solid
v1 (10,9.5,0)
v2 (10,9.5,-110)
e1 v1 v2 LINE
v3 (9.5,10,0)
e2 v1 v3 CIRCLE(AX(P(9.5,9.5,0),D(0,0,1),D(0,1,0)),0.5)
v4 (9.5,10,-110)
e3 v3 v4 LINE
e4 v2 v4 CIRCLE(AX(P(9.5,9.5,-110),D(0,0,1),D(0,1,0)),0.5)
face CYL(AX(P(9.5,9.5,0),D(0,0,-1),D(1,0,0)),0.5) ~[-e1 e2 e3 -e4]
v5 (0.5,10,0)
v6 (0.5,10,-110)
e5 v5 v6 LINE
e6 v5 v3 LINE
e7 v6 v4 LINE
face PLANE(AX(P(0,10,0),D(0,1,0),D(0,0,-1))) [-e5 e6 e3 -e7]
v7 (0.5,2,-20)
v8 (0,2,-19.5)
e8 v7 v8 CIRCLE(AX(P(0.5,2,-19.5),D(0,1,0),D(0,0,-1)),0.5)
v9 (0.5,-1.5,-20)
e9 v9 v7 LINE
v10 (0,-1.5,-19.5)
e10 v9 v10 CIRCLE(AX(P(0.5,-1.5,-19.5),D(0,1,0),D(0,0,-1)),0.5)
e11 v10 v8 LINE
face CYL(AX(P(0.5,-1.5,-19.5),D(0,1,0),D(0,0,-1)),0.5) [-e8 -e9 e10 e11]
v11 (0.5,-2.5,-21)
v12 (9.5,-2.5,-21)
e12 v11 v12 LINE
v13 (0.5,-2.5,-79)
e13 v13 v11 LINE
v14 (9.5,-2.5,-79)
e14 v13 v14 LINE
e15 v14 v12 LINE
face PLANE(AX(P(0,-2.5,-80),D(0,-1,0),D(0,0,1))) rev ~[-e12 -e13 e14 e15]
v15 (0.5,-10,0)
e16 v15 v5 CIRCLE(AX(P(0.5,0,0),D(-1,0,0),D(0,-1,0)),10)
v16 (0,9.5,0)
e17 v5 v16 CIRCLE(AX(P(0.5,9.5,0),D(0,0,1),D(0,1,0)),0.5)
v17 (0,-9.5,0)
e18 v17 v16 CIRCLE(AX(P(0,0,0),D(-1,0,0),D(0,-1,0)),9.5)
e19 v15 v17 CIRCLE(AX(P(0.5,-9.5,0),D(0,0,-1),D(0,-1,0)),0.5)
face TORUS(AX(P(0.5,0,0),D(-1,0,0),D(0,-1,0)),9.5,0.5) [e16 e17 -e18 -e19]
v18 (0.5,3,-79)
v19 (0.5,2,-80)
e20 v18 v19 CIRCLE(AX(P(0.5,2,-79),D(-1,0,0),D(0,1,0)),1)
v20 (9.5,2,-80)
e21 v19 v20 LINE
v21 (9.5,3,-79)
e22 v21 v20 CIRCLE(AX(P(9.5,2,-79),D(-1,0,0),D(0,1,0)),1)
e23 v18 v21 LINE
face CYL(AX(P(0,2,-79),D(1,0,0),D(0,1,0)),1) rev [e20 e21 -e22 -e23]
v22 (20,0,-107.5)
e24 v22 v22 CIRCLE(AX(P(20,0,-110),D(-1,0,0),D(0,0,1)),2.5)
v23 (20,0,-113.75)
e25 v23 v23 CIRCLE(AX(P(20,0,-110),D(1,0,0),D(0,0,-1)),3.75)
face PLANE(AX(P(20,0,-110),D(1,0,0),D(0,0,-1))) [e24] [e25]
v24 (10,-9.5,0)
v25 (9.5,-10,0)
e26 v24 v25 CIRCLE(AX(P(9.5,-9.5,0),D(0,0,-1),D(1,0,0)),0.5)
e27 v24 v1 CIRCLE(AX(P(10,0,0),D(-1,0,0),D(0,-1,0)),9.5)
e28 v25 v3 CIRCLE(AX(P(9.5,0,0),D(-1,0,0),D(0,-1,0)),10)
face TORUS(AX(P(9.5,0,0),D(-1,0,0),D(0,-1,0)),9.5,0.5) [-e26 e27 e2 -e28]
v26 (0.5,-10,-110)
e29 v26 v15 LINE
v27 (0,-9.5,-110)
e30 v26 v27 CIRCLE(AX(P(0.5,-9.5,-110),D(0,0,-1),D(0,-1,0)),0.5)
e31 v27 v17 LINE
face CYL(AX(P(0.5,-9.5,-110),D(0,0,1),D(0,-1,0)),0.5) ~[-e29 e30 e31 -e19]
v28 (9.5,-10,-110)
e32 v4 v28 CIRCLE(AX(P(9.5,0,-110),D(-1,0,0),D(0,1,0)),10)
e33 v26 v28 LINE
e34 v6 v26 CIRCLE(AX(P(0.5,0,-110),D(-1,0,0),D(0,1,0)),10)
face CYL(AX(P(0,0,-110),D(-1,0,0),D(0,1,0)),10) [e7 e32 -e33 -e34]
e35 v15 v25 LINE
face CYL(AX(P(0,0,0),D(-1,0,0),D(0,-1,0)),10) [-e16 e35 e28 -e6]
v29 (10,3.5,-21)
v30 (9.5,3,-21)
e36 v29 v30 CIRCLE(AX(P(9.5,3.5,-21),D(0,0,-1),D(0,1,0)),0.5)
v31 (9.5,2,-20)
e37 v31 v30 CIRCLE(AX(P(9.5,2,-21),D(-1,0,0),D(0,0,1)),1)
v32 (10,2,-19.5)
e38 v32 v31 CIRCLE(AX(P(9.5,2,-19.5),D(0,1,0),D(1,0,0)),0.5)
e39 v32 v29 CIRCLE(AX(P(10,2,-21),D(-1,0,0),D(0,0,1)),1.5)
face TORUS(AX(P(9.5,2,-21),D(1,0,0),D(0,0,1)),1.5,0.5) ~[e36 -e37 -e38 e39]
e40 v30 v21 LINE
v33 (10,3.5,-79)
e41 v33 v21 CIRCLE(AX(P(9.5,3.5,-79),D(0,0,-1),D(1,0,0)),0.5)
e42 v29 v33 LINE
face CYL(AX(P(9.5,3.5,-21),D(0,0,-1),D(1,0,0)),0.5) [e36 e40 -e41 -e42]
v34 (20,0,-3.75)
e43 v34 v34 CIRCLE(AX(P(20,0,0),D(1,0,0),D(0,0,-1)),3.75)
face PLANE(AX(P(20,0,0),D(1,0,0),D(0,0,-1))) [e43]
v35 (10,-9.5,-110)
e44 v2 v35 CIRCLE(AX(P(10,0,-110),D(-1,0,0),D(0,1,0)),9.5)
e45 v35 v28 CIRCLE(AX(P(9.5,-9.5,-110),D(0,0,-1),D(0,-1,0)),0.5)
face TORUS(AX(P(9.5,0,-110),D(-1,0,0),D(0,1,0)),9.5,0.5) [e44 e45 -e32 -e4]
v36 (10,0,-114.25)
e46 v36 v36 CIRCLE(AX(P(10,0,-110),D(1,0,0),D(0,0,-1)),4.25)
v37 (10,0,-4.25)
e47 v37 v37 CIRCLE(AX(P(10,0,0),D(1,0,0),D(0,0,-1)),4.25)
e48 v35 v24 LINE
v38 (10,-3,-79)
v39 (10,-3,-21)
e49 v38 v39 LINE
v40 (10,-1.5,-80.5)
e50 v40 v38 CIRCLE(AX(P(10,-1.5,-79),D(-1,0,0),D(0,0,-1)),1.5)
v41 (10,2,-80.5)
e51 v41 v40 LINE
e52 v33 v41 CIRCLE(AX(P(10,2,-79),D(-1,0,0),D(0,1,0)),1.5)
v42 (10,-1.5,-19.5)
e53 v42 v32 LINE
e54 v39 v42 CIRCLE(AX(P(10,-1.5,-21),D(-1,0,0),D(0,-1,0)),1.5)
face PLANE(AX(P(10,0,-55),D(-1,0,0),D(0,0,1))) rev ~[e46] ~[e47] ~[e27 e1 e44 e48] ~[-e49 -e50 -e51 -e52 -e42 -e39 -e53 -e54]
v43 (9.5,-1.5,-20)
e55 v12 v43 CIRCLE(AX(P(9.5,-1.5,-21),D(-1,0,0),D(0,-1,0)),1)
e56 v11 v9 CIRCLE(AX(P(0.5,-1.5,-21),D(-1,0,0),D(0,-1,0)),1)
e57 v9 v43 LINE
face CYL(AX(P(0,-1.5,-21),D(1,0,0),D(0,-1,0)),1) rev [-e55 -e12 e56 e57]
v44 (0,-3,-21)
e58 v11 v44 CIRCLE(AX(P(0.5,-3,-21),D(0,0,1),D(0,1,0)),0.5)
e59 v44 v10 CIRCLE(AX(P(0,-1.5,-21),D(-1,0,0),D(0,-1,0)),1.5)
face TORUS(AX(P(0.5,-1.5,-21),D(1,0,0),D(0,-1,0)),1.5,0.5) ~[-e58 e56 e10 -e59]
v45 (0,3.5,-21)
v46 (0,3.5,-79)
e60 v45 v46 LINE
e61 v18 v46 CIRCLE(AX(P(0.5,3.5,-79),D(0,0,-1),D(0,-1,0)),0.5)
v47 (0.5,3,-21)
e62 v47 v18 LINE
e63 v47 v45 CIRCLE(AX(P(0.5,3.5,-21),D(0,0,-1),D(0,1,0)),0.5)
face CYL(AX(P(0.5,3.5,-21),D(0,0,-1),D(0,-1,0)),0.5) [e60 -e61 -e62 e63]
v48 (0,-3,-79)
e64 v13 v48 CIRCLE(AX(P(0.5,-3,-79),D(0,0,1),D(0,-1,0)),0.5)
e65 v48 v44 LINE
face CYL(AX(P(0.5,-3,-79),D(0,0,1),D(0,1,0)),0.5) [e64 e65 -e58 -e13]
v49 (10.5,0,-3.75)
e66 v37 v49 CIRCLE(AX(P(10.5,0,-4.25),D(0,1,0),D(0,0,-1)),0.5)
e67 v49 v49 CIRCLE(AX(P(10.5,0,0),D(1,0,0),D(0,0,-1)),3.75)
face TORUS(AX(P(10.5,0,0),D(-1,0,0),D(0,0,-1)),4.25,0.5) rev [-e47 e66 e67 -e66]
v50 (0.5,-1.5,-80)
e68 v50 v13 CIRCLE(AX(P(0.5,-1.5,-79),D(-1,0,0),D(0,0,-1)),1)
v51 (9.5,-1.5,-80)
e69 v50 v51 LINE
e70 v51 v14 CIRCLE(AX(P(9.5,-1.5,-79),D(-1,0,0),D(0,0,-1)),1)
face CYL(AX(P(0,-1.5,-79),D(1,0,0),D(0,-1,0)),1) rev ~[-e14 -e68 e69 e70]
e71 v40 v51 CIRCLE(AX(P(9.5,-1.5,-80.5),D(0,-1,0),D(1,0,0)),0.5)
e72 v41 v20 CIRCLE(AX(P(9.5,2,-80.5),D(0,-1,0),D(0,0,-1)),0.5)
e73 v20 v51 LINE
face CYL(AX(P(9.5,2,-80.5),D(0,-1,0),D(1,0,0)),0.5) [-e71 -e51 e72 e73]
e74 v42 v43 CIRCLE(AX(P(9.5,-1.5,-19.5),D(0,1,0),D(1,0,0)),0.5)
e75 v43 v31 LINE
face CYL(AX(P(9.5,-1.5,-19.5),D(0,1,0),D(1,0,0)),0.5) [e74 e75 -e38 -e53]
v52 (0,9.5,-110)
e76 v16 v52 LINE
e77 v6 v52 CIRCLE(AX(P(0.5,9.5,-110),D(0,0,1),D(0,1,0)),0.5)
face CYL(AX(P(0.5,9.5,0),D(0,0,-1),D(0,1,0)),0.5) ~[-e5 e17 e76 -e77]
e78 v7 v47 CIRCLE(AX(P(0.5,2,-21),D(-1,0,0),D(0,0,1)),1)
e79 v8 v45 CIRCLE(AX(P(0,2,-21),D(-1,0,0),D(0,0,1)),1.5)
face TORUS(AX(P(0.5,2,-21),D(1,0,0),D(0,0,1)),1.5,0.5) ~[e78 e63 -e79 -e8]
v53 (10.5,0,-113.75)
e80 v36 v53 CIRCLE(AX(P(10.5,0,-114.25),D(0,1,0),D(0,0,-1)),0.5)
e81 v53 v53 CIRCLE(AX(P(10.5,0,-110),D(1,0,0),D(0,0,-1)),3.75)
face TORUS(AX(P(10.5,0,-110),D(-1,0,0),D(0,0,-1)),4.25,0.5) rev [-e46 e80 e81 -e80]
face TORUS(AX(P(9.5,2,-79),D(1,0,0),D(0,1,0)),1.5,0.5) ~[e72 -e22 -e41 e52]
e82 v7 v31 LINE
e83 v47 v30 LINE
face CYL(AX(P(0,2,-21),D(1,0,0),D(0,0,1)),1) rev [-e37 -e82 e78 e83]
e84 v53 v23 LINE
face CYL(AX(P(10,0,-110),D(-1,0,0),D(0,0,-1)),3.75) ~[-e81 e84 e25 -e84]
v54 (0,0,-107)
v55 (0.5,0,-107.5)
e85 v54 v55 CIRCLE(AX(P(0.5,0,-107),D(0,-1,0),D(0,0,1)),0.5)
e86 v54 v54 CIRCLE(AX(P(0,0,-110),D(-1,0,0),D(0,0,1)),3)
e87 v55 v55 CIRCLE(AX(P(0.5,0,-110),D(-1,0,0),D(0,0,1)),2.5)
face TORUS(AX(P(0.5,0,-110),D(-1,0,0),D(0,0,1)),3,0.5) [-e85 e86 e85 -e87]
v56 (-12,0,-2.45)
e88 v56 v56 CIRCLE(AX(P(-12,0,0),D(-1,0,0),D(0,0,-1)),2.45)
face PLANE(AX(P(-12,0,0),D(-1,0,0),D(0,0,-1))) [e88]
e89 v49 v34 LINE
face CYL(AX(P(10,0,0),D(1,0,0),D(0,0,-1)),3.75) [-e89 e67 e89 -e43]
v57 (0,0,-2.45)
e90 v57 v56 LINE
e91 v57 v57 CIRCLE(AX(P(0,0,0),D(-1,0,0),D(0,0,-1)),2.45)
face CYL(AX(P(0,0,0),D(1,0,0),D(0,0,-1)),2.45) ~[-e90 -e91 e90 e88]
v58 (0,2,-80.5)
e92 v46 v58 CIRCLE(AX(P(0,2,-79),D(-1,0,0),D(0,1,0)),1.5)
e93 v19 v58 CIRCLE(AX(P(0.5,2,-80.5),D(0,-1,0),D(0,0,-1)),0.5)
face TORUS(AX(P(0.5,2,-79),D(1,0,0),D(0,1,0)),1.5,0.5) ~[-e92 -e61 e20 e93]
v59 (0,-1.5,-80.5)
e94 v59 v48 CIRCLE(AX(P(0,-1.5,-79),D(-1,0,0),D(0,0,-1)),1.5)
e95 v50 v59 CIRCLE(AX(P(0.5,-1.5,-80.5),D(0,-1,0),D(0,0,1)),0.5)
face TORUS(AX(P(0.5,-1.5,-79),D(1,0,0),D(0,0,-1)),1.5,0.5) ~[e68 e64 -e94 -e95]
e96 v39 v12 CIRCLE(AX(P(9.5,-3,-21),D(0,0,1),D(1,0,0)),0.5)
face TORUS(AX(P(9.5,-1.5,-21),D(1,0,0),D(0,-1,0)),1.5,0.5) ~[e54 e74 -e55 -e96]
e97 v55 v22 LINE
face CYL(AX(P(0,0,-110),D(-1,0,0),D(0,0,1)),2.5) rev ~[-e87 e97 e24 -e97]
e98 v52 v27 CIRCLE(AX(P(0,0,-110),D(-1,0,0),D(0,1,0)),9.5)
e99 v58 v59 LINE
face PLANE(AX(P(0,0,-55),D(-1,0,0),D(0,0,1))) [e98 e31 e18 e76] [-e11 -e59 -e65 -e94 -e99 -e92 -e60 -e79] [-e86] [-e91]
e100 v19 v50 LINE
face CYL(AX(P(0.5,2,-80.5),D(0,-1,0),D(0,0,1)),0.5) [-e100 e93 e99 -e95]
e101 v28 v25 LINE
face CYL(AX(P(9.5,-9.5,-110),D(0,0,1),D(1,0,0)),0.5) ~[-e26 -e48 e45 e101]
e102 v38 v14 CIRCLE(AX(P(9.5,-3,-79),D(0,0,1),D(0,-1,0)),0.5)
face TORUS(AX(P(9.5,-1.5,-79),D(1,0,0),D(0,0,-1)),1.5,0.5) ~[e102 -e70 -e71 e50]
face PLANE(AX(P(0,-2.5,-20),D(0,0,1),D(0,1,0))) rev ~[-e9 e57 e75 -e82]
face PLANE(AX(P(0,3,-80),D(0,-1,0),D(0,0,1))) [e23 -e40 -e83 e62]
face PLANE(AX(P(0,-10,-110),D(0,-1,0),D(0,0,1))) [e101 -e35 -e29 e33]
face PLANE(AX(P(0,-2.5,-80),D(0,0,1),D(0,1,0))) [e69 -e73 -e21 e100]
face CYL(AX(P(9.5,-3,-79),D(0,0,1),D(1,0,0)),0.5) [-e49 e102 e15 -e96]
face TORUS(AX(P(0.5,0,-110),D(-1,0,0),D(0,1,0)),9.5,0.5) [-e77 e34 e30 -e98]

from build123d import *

# Parameters (mm, degrees)
SKETCH_1_R          = 3.75
EXTRUDE_1_DEPTH     = 10
SKETCH_2_R          = 3.75
EXTRUDE_2_DEPTH     = 10
SKETCH_3_R          = 2.5
CUT_EXTRUDE_1_DEPTH = 123.065556157
SKETCH_4_W          = 60
SKETCH_4_H          = 5.5
CUT_EXTRUDE_2_DEPTH = 10
FILLET_1_R          = 1
FILLET_2_R          = 0.5
SKETCH_5_R          = 2.45
EXTRUDE_3_DEPTH     = 12


with BuildPart() as part:
    # 草图1 → 凸台-拉伸1 (new body)
    with BuildSketch(Plane(origin=(0, 0, 0), x_dir=(0, 0, -1), z_dir=(1, 0, 0))):
        with BuildLine():
            Line((0, 10), (110, 10))
            ThreePointArc((110, 10), (120, 0), (110, -10))
            Line((110, -10), (0, -10))
            ThreePointArc((0, -10), (-10, 0), (0, 10))
        make_face()
        Circle(SKETCH_1_R, mode=Mode.SUBTRACT)
        with Locations((110, 0)):
            Circle(SKETCH_1_R, mode=Mode.SUBTRACT)
    extrude(amount=EXTRUDE_1_DEPTH)

    # 草图2 → 凸台-拉伸2 (add, symmetric)
    with BuildSketch(Plane(origin=(10, 0, 0), x_dir=(0, 0, -1), z_dir=(1, 0, 0))):
        with Locations((110, 0)):
            Circle(SKETCH_2_R)
        Circle(SKETCH_2_R)
    extrude(amount=EXTRUDE_2_DEPTH, both=True)

    # 草图3 → 切除-拉伸1 (cut, through all)
    with BuildSketch(Plane.ZY):
        with Locations((-110, 0)):
            Circle(SKETCH_3_R)
    extrude(amount=-CUT_EXTRUDE_1_DEPTH, mode=Mode.SUBTRACT)

    # 草图4 → 切除-拉伸2 (cut)
    with BuildSketch(Plane.ZY):
        with Locations((-50, 0.25)):
            Rectangle(SKETCH_4_W, SKETCH_4_H)
    extrude(amount=-CUT_EXTRUDE_2_DEPTH, mode=Mode.SUBTRACT)

    # 圆角1
    fillet_1_edges = [part.edges().sort_by_distance(p)[0] for p in [
        (5, -2.5, -80),
        (5, 3, -80),
        (5, 3, -20),
        (5, -2.5, -20),
    ]]
    fillet(fillet_1_edges, radius=FILLET_1_R)

    # 圆角2
    fillet_2_edges = [part.edges().sort_by_distance(p)[0] for p in [
        (10, 0, 3.75),
        (10, 0, -120),
        (10, 0, -106.25),
        (10, 10, -55),
        (0, 0, -112.5),
        (10, 0, 10),
        (0, 10, -55),
        (0, 0, -120),
        (0, 0.25, -20),
        (10, 0.25, -20),
        (0, -10, -55),
        (0, -2.5, -50),
        (10, -2.5, -50),
        (0, 3, -50),
        (0, 0, 10),
        (10, 3, -50),
        (0, 0.25, -80),
        (10, 0.25, -80),
        (0, -2.207106781, -20.292893219),
        (10, -2.207106781, -20.292893219),
        (0, 2.707106781, -20.292893219),
        (10, 2.707106781, -20.292893219),
        (0, 2.707106781, -79.707106781),
        (10, 2.707106781, -79.707106781),
        (0, -2.207106781, -79.707106781),
        (10, -2.207106781, -79.707106781),
        (10, -10, -55),
    ]]
    fillet(fillet_2_edges, radius=FILLET_2_R)

    # 草图5 → 凸台-拉伸3 (add)
    with BuildSketch(Plane.ZY):
        with Locations(Location((0, 0, 0), (0, 0, 180))):
            Circle(SKETCH_5_R)
    extrude(amount=EXTRUDE_3_DEPTH)


solid = part.part
